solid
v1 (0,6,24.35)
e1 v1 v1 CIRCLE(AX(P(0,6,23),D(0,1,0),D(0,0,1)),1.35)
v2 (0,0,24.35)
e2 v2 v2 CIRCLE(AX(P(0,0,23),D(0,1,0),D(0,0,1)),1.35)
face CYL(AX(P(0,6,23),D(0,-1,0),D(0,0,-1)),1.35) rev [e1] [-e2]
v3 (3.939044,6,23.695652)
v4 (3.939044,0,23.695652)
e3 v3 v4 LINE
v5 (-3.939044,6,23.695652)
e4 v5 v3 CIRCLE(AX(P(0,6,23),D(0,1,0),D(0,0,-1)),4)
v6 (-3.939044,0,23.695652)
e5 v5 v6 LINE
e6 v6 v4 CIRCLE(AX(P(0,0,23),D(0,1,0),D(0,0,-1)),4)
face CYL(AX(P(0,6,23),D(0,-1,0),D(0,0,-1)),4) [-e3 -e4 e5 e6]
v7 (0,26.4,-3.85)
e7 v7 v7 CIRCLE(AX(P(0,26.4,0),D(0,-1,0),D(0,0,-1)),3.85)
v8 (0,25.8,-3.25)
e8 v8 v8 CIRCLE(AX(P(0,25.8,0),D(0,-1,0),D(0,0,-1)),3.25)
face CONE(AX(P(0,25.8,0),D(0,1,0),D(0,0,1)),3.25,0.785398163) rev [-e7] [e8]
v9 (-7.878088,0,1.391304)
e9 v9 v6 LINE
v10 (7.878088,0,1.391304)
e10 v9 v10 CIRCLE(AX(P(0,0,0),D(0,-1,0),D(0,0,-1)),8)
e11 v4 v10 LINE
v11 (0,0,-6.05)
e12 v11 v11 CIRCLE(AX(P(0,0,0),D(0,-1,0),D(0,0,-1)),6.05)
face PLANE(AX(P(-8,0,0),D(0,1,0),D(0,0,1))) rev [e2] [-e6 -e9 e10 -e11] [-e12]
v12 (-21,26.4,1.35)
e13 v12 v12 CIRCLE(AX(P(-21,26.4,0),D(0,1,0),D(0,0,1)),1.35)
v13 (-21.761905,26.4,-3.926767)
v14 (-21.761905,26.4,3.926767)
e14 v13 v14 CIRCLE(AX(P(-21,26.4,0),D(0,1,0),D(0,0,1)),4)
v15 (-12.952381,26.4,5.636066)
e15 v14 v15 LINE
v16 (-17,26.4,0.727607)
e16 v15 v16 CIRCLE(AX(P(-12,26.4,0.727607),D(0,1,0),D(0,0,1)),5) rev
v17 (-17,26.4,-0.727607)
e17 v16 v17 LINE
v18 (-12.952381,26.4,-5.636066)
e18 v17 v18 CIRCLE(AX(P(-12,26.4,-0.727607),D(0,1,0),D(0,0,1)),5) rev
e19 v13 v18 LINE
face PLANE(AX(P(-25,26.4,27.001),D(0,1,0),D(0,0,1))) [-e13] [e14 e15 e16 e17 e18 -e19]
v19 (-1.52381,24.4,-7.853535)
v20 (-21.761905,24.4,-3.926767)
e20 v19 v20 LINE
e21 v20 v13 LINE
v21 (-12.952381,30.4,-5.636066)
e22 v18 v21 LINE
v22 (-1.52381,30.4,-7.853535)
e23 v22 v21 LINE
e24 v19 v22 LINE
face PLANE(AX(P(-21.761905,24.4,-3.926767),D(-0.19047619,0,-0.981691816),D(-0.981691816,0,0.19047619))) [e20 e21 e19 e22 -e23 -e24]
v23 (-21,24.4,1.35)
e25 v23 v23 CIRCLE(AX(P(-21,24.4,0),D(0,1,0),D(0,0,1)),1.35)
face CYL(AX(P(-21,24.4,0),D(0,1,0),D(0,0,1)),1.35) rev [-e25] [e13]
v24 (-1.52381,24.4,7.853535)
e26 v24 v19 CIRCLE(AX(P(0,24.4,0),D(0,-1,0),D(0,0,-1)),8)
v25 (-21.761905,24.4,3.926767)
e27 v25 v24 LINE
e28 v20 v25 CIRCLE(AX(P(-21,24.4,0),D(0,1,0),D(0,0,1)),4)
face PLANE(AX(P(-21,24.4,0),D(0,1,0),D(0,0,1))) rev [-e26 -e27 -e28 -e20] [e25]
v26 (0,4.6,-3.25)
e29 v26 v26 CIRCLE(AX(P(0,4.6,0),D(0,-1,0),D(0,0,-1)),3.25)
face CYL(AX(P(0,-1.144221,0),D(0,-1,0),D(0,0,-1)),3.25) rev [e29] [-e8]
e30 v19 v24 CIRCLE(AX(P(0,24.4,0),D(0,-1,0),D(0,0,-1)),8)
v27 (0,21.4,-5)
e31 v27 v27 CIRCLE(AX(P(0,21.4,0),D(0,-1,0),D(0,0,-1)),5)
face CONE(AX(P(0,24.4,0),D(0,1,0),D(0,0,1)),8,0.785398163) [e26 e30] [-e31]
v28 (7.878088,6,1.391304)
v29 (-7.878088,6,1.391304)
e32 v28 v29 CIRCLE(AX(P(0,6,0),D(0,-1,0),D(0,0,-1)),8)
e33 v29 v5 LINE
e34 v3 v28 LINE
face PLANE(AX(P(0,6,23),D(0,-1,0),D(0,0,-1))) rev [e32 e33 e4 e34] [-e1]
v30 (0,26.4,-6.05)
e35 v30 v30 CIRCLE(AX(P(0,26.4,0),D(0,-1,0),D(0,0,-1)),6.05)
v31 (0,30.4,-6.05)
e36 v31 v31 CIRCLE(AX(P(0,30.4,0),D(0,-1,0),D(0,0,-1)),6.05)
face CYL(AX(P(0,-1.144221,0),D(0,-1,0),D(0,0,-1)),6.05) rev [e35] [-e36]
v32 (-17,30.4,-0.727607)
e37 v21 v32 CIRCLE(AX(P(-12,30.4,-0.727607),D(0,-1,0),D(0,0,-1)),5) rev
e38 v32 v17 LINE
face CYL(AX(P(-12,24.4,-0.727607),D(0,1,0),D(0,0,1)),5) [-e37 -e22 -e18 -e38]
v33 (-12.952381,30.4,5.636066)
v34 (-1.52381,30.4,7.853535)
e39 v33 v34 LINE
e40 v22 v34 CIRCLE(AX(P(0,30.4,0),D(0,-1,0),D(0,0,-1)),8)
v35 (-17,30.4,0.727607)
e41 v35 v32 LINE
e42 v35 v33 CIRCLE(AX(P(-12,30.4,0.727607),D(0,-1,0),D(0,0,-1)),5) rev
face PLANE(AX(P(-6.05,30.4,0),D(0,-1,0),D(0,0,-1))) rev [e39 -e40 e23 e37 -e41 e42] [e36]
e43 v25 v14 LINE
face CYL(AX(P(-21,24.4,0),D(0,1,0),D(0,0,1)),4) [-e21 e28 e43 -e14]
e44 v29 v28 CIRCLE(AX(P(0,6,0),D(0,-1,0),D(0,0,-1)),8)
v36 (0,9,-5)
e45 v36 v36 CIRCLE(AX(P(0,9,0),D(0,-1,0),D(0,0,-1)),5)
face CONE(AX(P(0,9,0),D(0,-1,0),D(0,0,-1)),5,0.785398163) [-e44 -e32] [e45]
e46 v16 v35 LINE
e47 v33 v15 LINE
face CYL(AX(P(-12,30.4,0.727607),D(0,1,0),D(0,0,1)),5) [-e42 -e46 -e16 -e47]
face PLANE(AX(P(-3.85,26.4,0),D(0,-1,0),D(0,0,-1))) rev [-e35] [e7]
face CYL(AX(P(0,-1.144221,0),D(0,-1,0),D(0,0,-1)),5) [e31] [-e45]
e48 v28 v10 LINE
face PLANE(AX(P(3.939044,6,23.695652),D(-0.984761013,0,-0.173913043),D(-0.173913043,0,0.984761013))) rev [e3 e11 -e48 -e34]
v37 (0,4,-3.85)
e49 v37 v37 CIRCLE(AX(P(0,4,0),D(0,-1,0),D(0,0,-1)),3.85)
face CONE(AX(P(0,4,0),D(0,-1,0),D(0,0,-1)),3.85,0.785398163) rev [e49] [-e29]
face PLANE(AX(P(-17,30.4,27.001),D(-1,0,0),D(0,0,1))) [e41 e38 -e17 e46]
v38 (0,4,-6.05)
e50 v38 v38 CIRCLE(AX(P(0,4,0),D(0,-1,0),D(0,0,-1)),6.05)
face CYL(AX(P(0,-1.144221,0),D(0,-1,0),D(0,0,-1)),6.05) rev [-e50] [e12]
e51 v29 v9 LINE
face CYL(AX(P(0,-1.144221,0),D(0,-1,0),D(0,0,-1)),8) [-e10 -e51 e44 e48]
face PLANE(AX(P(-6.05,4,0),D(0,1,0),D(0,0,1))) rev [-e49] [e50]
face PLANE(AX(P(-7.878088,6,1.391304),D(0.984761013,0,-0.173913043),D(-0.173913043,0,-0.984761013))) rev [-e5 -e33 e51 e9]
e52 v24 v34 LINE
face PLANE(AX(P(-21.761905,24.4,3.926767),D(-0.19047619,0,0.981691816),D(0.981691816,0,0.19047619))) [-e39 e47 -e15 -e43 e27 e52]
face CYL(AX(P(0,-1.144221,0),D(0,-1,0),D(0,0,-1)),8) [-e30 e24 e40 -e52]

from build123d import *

# Parameters (mm, degrees)
ESQUISSE2_R                         = 1.35
BOSS_EXTRU_2_DEPTH                  = 6
BOSS_EXTRU_3_START                  = -6
ESQUISSE3_R                         = 1.35
BOSS_EXTRU_3_DEPTH                  = 6
ENL_V_MAT_EXTRU_1_REACH             = 49.73
ESQUISSE4_W                         = 8
ESQUISSE4_H                         = 4
ENL_V_MAT_EXTRU_1_DIRECTION_2_REACH = 49.73
CONG_1_R                            = 5


with BuildPart() as part:
    # Esquisse1 → Révolution1 (revolve)
    with BuildSketch(Plane.XY, mode=Mode.PRIVATE) as r_volution1_sk:
        Polygon((-6.05, 0), (-6.05, 4), (-3.85, 4), (-3.25, 4.6), (-3.25, 25.8), (-3.85, 26.4), (-6.05, 26.4), (-6.05, 30.4), (-8, 30.4), (-8, 24.4), (-5, 21.4), (-5, 9), (-8, 6), (-8, 0), align=None)
    revolve(r_volution1_sk.sketch.rotate(Axis((0, -1.144220684, 0), (0, 1, 0)), 270), axis=Axis((0, -1.144220684, 0), (0, 1, 0)))

    # Esquisse2 → Boss.-Extru.2 (add)
    with BuildSketch(Plane(origin=(0, 0, 0), x_dir=(1, 0, 0), z_dir=(0, 1, 0))):
        with BuildLine():
            Line((-7.878088106, -1.391304348), (-3.939044053, -23.695652174))
            ThreePointArc((-3.939044053, -23.695652174), (0, -27), (3.939044053, -23.695652174))
            Line((3.939044053, -23.695652174), (7.878088106, -1.391304348))
            ThreePointArc((7.878088106, -1.391304348), (0, -8), (-7.878088106, -1.391304348))
        make_face()
        with Locations(Location((0, -23, 0), (0, 0, 270))):
            Circle(ESQUISSE2_R, mode=Mode.SUBTRACT)
    extrude(amount=BOSS_EXTRU_2_DEPTH)

    # Esquisse3 → Boss.-Extru.3 (add)
    with BuildSketch(Plane(origin=(0, 30.4, 0), x_dir=(1, 0, 0), z_dir=(0, 1, 0)).offset(BOSS_EXTRU_3_START)):
        with BuildLine():
            Line((-21.761904762, -3.926767262), (-1.523809524, -7.853534525))
            ThreePointArc((-1.523809524, -7.853534525), (-8, 0), (-1.523809524, 7.853534525))
            Line((-1.523809524, 7.853534525), (-21.761904762, 3.926767262))
            ThreePointArc((-21.761904762, 3.926767262), (-25, 0), (-21.761904762, -3.926767262))
        make_face()
        with Locations(Location((-21, 0, 0), (0, 0, 270))):
            Circle(ESQUISSE3_R, mode=Mode.SUBTRACT)
    extrude(amount=BOSS_EXTRU_3_DEPTH)

    # Enlèv. mat.-Extru.1: up to this plane
    enl_v_mat_extru_1_end = Plane(origin=(-21.761904762, 24.4, -3.926767262), z_dir=(-0.19047619047618092, 0, -0.9816918156232545))
    # Esquisse4 → Enlèv. mat.-Extru.1 (cut, up to the surface)
    with BuildSketch(Plane.XY, mode=Mode.PRIVATE) as enl_v_mat_extru_1_sk1:
        with Locations((-21, 28.4)):
            Rectangle(ESQUISSE4_W, ESQUISSE4_H)
    enl_v_mat_extru_1_tool1 = split(extrude(enl_v_mat_extru_1_sk1.sketch, amount=-ENL_V_MAT_EXTRU_1_REACH, mode=Mode.PRIVATE), bisect_by=enl_v_mat_extru_1_end, keep=Keep.BOTH, mode=Mode.PRIVATE)
    add(enl_v_mat_extru_1_tool1.solids().sort_by_distance((-21, 28.4, 0))[0], mode=Mode.SUBTRACT)

    # Enlèv. mat.-Extru.1 direction 2: up to this plane
    enl_v_mat_extru_1_direction_2_end = Plane(origin=(-21.761904762, 24.4, 3.926767262), z_dir=(-0.19047619047620132, 0, 0.9816918156232504))
    # Esquisse4 → Enlèv. mat.-Extru.1 direction 2 (cut, up to the surface)
    with BuildSketch(Plane.XY, mode=Mode.PRIVATE) as enl_v_mat_extru_1_direction_2_sk1:
        with Locations((-21, 28.4)):
            Rectangle(ESQUISSE4_W, ESQUISSE4_H)
    enl_v_mat_extru_1_direction_2_tool1 = split(extrude(enl_v_mat_extru_1_direction_2_sk1.sketch, amount=ENL_V_MAT_EXTRU_1_DIRECTION_2_REACH, mode=Mode.PRIVATE), bisect_by=enl_v_mat_extru_1_direction_2_end, keep=Keep.BOTH, mode=Mode.PRIVATE)
    add(enl_v_mat_extru_1_direction_2_tool1.solids().sort_by_distance((-21, 28.4, 0))[0], mode=Mode.SUBTRACT)

    # Congé1
    cong_1_edges = [part.edges().sort_by_distance(p)[0] for p in [
        (-17, 28.4, -4.850712501),
        (-17, 28.4, 4.850712501),
    ]]
    fillet(cong_1_edges, radius=CONG_1_R)


solid = part.part
